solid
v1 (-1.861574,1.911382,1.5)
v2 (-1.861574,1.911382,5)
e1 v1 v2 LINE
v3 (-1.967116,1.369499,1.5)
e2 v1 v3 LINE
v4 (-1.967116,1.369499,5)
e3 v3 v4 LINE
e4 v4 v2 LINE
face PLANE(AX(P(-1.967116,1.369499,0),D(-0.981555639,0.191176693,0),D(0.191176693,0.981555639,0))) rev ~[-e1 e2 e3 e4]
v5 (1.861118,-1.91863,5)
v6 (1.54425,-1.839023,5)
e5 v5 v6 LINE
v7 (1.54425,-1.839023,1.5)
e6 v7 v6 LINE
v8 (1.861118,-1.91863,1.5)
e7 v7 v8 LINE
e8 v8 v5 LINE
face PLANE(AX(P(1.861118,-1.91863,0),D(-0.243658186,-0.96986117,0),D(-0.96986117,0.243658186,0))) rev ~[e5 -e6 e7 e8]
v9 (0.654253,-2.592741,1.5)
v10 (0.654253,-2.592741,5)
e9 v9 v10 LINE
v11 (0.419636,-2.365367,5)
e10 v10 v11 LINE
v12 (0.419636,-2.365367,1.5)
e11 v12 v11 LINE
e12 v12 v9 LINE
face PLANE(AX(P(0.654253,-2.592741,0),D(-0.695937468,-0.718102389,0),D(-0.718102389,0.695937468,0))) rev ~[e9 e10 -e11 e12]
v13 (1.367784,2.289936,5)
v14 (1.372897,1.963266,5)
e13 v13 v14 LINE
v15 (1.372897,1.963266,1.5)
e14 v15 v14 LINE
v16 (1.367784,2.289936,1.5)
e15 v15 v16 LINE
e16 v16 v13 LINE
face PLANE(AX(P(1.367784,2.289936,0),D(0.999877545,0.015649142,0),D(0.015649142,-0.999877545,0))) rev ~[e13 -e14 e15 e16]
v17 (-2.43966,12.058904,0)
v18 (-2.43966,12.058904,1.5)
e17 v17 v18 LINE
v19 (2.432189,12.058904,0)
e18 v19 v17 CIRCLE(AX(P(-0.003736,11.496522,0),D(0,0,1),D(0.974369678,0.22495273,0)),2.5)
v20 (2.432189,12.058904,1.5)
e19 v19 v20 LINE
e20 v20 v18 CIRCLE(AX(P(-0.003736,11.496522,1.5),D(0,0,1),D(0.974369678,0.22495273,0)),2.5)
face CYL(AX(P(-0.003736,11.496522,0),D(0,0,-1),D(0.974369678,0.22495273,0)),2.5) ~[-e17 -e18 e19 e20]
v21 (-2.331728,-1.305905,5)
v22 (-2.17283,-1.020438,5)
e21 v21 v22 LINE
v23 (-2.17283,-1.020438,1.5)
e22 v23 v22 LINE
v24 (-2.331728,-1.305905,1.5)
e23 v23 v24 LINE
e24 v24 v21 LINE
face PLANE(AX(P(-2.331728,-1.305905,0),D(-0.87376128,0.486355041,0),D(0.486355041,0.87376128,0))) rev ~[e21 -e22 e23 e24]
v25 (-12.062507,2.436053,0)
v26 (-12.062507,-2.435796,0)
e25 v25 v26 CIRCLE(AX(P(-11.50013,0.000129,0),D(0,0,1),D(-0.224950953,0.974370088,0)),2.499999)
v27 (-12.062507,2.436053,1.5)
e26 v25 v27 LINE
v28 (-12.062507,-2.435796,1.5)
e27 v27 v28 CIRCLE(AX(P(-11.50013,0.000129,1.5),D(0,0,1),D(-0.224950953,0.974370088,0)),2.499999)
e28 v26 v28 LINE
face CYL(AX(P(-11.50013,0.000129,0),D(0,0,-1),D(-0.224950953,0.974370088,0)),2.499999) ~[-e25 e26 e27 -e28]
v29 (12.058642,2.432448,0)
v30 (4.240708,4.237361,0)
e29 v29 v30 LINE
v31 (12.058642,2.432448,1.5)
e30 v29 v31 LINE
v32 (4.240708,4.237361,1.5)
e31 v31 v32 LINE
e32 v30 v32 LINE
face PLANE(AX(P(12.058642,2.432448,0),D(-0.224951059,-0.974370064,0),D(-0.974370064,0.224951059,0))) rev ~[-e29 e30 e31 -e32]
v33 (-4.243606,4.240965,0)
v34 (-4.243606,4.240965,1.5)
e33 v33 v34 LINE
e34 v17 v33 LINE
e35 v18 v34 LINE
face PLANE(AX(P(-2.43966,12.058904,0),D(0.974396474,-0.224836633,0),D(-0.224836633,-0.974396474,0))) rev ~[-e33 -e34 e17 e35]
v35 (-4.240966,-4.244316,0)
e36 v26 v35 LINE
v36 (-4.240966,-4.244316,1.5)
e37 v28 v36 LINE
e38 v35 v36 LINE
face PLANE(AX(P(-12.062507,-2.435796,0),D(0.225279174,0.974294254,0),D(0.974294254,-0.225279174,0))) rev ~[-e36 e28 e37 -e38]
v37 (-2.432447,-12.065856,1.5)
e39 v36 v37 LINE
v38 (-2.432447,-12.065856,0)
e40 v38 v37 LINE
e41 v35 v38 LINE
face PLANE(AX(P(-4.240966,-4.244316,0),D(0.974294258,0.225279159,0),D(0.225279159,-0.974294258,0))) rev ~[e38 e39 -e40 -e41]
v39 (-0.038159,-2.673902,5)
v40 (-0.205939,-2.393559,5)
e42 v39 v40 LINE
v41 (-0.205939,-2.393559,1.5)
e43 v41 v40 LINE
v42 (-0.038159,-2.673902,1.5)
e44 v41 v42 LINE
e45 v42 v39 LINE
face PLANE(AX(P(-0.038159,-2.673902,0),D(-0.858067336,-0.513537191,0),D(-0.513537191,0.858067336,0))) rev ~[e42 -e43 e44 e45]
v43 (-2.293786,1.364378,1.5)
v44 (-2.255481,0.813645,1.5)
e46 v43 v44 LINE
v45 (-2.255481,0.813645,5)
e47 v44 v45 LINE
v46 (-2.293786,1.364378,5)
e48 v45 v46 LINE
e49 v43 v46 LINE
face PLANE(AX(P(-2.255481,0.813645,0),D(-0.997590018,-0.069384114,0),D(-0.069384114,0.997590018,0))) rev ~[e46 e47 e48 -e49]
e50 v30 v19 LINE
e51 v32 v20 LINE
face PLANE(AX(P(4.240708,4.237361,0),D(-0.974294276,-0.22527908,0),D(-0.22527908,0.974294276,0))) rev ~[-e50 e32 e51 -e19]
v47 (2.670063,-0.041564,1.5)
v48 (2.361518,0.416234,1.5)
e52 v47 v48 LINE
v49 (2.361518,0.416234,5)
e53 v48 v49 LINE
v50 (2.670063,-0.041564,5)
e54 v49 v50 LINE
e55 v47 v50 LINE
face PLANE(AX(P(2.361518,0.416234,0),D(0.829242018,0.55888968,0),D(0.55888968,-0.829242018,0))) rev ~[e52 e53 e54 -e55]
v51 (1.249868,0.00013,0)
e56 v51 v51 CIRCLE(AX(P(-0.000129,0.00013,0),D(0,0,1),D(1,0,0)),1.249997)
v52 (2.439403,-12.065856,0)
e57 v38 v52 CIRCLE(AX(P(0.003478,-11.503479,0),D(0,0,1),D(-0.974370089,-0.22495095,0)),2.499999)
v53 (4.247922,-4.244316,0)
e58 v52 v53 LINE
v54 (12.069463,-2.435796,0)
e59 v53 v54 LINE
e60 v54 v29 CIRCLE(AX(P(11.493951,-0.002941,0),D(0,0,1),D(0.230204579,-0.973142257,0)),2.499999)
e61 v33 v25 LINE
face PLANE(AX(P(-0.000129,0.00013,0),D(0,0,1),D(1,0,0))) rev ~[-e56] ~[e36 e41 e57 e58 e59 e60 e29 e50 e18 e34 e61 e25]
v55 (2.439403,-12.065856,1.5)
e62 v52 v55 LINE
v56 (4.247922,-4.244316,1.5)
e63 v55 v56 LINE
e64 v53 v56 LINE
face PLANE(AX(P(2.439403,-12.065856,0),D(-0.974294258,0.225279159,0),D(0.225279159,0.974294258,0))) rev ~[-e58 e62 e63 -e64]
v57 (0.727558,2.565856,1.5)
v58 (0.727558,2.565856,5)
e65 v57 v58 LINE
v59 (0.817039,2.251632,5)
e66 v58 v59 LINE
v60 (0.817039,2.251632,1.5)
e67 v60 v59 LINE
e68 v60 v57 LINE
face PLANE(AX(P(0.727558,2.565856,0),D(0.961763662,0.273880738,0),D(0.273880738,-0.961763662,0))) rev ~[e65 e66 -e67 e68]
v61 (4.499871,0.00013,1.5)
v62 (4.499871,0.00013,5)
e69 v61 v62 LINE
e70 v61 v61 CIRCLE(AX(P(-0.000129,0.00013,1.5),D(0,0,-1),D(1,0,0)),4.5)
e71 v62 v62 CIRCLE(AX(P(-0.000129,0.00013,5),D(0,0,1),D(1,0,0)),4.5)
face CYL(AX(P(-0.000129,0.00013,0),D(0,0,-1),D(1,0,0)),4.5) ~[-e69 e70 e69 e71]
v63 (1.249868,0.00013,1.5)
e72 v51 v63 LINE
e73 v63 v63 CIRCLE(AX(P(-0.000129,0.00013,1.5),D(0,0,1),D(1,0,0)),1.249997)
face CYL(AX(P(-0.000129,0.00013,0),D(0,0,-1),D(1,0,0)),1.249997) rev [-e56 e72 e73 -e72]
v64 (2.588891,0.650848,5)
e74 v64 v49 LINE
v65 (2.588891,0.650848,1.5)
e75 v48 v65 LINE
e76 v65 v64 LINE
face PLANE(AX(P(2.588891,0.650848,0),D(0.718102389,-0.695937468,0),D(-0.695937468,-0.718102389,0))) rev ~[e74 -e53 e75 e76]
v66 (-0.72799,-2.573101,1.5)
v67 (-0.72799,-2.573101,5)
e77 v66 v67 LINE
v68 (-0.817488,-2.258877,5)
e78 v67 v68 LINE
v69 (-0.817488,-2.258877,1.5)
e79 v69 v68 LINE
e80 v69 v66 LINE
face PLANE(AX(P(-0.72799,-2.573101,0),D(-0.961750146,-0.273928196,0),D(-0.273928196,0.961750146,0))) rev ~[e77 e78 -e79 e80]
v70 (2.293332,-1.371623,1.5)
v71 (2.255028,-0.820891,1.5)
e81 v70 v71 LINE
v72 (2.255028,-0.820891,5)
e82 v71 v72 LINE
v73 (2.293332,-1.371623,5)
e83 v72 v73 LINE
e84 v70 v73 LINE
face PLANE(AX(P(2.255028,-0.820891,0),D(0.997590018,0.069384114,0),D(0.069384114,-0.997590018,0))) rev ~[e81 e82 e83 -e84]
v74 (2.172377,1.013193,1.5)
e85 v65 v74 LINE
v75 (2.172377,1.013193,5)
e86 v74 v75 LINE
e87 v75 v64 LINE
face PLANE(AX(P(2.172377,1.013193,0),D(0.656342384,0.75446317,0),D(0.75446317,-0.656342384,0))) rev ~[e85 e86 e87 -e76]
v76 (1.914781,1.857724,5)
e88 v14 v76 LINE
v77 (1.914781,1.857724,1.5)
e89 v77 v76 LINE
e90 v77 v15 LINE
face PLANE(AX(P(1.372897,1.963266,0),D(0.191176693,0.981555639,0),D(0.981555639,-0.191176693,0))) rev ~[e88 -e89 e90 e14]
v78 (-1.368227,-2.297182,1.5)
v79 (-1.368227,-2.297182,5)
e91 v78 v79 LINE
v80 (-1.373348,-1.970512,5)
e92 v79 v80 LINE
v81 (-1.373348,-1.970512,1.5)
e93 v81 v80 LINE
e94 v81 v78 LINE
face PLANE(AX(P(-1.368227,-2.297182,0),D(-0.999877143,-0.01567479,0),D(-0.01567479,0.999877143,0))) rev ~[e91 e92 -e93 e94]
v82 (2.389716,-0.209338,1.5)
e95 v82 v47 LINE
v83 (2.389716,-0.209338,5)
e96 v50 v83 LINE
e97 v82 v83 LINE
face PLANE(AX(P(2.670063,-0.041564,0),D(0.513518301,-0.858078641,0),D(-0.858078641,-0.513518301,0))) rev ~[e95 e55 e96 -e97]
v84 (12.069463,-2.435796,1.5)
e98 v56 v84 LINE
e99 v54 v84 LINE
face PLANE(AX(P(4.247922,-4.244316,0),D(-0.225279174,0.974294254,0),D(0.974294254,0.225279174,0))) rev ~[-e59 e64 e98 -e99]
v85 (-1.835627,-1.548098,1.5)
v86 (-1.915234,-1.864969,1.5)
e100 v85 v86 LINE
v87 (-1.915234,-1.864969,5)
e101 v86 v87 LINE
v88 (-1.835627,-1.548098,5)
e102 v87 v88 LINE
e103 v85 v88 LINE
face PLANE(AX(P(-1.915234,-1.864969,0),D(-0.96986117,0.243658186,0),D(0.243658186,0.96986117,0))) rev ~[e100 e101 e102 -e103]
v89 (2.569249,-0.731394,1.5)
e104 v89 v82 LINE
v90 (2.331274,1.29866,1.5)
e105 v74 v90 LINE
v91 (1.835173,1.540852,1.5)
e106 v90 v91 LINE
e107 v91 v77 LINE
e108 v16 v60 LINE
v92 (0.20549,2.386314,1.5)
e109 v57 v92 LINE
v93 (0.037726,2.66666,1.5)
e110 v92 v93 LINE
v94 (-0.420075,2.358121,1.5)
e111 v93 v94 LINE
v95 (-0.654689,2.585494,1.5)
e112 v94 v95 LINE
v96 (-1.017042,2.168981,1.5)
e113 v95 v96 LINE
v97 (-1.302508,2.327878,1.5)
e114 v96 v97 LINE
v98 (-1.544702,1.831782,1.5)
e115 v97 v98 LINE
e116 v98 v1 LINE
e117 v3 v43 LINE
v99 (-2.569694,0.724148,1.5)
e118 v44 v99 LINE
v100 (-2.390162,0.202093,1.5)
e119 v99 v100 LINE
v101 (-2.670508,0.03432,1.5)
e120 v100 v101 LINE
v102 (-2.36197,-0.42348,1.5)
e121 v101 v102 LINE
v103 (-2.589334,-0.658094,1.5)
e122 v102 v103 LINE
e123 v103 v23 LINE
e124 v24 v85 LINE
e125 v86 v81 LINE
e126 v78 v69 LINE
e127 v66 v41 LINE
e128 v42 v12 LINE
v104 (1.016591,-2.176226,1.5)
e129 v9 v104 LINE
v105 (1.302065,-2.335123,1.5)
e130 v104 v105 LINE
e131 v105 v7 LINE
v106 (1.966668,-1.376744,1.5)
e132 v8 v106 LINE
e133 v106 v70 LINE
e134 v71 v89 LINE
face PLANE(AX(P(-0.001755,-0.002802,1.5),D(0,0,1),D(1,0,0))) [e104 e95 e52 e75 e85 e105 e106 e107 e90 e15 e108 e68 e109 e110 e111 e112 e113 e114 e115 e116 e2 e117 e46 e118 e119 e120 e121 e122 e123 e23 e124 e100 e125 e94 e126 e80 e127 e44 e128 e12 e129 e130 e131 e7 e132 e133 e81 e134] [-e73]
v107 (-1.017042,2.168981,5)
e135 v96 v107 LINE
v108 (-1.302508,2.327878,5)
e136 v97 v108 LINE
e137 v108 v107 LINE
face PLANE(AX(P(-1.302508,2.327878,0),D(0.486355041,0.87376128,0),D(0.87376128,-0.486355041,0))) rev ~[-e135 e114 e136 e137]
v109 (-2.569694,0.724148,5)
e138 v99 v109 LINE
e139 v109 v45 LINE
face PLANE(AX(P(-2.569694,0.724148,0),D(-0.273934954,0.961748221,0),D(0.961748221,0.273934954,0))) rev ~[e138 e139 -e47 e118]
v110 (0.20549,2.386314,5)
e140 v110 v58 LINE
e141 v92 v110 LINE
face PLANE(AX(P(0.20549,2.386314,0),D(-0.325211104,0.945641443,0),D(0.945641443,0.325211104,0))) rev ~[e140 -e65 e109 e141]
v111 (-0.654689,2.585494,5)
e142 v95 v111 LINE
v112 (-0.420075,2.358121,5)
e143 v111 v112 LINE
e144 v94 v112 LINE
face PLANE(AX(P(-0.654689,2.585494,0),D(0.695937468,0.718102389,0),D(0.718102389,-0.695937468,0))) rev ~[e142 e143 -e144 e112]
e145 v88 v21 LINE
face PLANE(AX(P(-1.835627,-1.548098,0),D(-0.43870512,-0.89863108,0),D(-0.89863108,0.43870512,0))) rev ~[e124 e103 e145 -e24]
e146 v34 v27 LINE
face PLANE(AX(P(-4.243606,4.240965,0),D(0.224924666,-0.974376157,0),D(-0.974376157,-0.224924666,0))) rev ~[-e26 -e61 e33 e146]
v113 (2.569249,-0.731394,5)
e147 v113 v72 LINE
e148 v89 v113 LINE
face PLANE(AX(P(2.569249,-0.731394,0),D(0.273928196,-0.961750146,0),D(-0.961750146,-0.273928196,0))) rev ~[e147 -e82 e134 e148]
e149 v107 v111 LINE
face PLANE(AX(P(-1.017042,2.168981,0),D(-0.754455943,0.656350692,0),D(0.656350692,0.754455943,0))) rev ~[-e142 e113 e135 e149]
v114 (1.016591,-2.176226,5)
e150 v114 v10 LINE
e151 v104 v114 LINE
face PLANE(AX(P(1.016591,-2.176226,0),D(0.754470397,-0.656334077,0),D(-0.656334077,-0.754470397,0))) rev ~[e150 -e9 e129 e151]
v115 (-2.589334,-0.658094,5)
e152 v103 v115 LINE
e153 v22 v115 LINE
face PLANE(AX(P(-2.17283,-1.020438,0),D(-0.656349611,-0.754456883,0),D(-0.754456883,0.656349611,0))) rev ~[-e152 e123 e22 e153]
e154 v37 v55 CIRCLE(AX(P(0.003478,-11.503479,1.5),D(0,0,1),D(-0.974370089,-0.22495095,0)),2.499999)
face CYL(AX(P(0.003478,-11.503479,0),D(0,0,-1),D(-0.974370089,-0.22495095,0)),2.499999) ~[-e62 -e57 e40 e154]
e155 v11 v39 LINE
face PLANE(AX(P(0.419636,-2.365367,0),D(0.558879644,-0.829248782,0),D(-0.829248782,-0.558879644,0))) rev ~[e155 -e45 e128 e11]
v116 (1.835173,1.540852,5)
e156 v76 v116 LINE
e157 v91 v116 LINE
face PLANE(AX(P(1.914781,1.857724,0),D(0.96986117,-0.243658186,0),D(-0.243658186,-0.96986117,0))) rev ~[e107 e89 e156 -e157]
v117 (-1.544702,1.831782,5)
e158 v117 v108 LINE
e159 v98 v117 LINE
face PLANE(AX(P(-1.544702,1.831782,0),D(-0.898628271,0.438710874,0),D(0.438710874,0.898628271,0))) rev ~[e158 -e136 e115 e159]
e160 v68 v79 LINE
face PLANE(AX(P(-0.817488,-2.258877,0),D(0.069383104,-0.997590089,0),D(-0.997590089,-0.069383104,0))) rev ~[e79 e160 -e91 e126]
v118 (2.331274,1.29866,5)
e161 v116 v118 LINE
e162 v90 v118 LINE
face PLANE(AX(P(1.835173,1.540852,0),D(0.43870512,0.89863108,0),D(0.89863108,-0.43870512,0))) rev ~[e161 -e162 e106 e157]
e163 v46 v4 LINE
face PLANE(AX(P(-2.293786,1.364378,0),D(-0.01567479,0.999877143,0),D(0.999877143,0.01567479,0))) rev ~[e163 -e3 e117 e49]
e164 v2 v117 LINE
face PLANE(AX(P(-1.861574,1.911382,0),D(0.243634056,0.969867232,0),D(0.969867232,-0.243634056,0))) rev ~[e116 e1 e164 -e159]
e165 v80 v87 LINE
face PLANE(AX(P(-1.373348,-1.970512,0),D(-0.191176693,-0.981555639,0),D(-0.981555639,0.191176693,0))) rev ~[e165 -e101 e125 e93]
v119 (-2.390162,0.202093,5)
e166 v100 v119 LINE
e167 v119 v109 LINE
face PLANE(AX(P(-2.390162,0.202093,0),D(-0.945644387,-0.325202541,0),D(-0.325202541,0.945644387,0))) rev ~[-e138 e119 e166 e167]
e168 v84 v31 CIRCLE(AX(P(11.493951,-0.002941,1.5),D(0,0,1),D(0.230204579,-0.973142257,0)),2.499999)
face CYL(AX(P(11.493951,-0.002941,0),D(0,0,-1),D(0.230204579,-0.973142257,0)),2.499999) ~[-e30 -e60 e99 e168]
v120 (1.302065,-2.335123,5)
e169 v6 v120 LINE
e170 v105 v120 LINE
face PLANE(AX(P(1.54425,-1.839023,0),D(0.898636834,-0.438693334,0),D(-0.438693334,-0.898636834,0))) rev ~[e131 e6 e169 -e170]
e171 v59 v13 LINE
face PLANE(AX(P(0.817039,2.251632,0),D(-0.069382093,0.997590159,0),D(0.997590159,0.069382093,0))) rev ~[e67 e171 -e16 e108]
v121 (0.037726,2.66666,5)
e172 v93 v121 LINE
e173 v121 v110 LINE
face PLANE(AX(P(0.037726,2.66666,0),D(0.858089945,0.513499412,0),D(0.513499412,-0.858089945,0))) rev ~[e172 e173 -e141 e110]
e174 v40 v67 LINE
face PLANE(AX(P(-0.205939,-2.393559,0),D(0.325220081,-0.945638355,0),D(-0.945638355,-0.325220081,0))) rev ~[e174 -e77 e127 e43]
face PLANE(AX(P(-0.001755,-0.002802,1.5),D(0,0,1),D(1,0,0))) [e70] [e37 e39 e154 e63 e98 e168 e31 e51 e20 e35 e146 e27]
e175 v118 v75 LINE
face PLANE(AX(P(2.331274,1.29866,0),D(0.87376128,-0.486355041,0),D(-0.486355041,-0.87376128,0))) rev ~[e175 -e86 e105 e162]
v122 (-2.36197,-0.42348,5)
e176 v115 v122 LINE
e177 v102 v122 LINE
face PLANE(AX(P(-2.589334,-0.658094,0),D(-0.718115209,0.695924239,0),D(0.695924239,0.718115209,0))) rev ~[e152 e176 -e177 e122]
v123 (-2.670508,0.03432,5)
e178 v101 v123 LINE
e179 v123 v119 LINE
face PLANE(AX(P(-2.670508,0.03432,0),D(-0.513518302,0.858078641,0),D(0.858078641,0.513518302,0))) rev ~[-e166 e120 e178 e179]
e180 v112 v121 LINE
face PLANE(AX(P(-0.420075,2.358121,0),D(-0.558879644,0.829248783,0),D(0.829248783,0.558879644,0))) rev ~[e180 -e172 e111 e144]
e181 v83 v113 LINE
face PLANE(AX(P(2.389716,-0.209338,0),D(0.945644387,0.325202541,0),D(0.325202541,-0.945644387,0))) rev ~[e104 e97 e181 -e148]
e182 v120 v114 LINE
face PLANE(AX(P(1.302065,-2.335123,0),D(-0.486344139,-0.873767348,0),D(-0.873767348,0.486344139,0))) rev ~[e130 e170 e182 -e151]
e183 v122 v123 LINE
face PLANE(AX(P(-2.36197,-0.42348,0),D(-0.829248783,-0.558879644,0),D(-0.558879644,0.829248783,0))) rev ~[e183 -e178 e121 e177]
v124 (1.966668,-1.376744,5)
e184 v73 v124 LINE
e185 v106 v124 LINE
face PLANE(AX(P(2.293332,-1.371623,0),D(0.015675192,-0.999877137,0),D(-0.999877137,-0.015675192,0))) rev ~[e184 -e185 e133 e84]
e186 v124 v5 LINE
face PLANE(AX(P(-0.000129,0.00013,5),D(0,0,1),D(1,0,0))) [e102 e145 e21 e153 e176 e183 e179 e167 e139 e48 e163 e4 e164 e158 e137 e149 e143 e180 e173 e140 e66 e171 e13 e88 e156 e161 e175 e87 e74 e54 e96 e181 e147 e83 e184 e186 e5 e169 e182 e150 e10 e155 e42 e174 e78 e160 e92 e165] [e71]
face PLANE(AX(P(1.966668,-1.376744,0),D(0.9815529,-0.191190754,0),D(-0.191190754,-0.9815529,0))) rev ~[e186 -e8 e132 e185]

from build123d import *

# Parameters (mm, degrees)
F1_R     = 3.4943107557
F1_R_2   = 3.0428811149
F2_DEPTH = 5
F1_R_3   = 4.5
F3_DEPTH = 5
F0_R     = 4.5
F0_R_2   = 2.5
F0_R_3   = 1.2499972105
F4_DEPTH = 1.5
F5_DEPTH = 5


with BuildPart() as f2:
    # F1 (on Top) → F2 (new body)
    with BuildSketch(Plane.XY):
        with Locations((0.0001326702, 0.0020665845)):
            Circle(F1_R)
        with Locations((-0.0001288142, 0.0001297904)):
            Circle(F1_R_2, mode=Mode.SUBTRACT)
    extrude(amount=F2_DEPTH)

    # F1 (on Top) → F3 (join)
    with BuildSketch(Plane.XY):
        with Locations((-0.0001288142, 0.0001297904)):
            Circle(F1_R_3)
        with Locations((0.0001326702, 0.0020665845)):
            Circle(F1_R, mode=Mode.SUBTRACT)
    extrude(amount=F3_DEPTH)

    # F0 (on Top) + F1 (on Top) → F4 (join)
    with BuildSketch(Plane.XY):
        with BuildLine():
            Line((2.4394025121, -12.0658558892), (4.2479218755, -4.2443155336))
            Line((4.2479218755, -4.2443155336), (12.0694627081, -2.4357959317))
            ThreePointArc((12.0694627081, -2.4357959317), (13.9939445399, 0.0026156227), (12.0586423193, 2.4324482394))
            Line((12.0586423193, 2.4324482394), (4.240708283, 4.2373605681))
            Line((4.240708283, 4.2373605681), (2.4321889196, 12.0589037848))
            ThreePointArc((2.4321889196, 12.0589037848), (-0.0037356104, 13.9965222261), (-2.4396601404, 12.0589037848))
            Line((-2.4396601404, 12.0589037848), (-4.2436064604, 4.240965457))
            Line((-4.2436064604, 4.240965457), (-12.0625067438, 2.4360531283))
            ThreePointArc((-12.0625067438, 2.4360531283), (-14.000128813, 0.0001285983), (-12.0625067438, -2.4357959317))
            Line((-12.0625067438, -2.4357959317), (-4.2409659113, -4.2443155336))
            Line((-4.2409659113, -4.2443155336), (-2.4324465479, -12.0658558892))
            ThreePointArc((-2.4324465479, -12.0658558892), (0.0034779821, -14.0034779629), (2.4394025121, -12.0658558892))
        make_face()
        with Locations((-0.0001288142, 0.0001297904)):
            Circle(F0_R, mode=Mode.SUBTRACT)
        with Locations((-0.0001288142, 0.0001297904)):
            Circle(F0_R)
        with Locations((-0.0001288142, 0.0001297904)):
            Circle(F0_R_2, mode=Mode.SUBTRACT)
        with Locations((-0.0001288142, 0.0001297904)):
            Circle(F0_R_2)
        with Locations((-0.0001288142, 0.0001297904)):
            Circle(F0_R_3, mode=Mode.SUBTRACT)
    with BuildSketch(Plane.XY):
        with Locations((0.0001326702, 0.0020665845)):
            Circle(F1_R)
        with Locations((-0.0001288142, 0.0001297904)):
            Circle(F1_R_2, mode=Mode.SUBTRACT)
    extrude(amount=F4_DEPTH)

    # F1 (on Top) → F5 (join)
    with BuildSketch(Plane.XY):
        with Locations((-0.0001288142, 0.0001297904)):
            Circle(F1_R_2)
        Polygon((2.5888910537, 0.6508482021), (2.3615180848, 0.4162336288), (2.6700632073, -0.0415643753), (2.3897163069, -0.2093383499), (2.5692487953, -0.7313942032), (2.2550279187, -0.8208914163), (2.2933322567, -1.3716230342), (1.9666683684, -1.3767441826), (1.861117768, -1.9186296846), (1.5442495959, -1.8390229053), (1.3020652759, -2.3351228771), (1.0165907184, -2.1762260286), (0.6542527165, -2.5927414983), (0.419636276, -2.3653667199), (-0.0381593369, -2.6739021736), (-0.2059394501, -2.3935590213), (-0.7279900472, -2.5731005304), (-0.8174879323, -2.2588772947), (-1.3682272049, -2.2971816047), (-1.3733483173, -1.9705116288), (-1.9152342451, -1.8649690028), (-1.8356267052, -1.5480978036), (-2.3317276079, -1.3059049719), (-2.1728300866, -1.0204375874), (-2.5893344069, -0.6580942182), (-2.3619698137, -0.4234796389), (-2.6705078515, 0.0343198084), (-2.3901622681, 0.2020929949), (-2.5696944667, 0.7241480054), (-2.2554814608, 0.813645364), (-2.2937858509, 1.36437773), (-1.9671157465, 1.3694988444), (-1.8615737238, 1.9113816752), (-1.5447023894, 1.8317824829), (-1.3025083802, 2.3278777401), (-1.0170415808, 2.1689805445), (-0.6546890428, 2.5854941996), (-0.4200746079, 2.3581213648), (0.037725635, 2.6666599388), (0.205490485, 2.3863142801), (0.7275579628, 2.5658560526), (0.8170392653, 2.2516321833), (1.3677844908, 2.2899363469), (1.3728972309, 1.9632657859), (1.9147806544, 1.8577236477), (1.8351731146, 1.5408524485), (2.3312740172, 1.2986596169), (2.1723769594, 1.0131930648), align=None, mode=Mode.SUBTRACT)
    extrude(amount=F5_DEPTH)


solid = f2.part
